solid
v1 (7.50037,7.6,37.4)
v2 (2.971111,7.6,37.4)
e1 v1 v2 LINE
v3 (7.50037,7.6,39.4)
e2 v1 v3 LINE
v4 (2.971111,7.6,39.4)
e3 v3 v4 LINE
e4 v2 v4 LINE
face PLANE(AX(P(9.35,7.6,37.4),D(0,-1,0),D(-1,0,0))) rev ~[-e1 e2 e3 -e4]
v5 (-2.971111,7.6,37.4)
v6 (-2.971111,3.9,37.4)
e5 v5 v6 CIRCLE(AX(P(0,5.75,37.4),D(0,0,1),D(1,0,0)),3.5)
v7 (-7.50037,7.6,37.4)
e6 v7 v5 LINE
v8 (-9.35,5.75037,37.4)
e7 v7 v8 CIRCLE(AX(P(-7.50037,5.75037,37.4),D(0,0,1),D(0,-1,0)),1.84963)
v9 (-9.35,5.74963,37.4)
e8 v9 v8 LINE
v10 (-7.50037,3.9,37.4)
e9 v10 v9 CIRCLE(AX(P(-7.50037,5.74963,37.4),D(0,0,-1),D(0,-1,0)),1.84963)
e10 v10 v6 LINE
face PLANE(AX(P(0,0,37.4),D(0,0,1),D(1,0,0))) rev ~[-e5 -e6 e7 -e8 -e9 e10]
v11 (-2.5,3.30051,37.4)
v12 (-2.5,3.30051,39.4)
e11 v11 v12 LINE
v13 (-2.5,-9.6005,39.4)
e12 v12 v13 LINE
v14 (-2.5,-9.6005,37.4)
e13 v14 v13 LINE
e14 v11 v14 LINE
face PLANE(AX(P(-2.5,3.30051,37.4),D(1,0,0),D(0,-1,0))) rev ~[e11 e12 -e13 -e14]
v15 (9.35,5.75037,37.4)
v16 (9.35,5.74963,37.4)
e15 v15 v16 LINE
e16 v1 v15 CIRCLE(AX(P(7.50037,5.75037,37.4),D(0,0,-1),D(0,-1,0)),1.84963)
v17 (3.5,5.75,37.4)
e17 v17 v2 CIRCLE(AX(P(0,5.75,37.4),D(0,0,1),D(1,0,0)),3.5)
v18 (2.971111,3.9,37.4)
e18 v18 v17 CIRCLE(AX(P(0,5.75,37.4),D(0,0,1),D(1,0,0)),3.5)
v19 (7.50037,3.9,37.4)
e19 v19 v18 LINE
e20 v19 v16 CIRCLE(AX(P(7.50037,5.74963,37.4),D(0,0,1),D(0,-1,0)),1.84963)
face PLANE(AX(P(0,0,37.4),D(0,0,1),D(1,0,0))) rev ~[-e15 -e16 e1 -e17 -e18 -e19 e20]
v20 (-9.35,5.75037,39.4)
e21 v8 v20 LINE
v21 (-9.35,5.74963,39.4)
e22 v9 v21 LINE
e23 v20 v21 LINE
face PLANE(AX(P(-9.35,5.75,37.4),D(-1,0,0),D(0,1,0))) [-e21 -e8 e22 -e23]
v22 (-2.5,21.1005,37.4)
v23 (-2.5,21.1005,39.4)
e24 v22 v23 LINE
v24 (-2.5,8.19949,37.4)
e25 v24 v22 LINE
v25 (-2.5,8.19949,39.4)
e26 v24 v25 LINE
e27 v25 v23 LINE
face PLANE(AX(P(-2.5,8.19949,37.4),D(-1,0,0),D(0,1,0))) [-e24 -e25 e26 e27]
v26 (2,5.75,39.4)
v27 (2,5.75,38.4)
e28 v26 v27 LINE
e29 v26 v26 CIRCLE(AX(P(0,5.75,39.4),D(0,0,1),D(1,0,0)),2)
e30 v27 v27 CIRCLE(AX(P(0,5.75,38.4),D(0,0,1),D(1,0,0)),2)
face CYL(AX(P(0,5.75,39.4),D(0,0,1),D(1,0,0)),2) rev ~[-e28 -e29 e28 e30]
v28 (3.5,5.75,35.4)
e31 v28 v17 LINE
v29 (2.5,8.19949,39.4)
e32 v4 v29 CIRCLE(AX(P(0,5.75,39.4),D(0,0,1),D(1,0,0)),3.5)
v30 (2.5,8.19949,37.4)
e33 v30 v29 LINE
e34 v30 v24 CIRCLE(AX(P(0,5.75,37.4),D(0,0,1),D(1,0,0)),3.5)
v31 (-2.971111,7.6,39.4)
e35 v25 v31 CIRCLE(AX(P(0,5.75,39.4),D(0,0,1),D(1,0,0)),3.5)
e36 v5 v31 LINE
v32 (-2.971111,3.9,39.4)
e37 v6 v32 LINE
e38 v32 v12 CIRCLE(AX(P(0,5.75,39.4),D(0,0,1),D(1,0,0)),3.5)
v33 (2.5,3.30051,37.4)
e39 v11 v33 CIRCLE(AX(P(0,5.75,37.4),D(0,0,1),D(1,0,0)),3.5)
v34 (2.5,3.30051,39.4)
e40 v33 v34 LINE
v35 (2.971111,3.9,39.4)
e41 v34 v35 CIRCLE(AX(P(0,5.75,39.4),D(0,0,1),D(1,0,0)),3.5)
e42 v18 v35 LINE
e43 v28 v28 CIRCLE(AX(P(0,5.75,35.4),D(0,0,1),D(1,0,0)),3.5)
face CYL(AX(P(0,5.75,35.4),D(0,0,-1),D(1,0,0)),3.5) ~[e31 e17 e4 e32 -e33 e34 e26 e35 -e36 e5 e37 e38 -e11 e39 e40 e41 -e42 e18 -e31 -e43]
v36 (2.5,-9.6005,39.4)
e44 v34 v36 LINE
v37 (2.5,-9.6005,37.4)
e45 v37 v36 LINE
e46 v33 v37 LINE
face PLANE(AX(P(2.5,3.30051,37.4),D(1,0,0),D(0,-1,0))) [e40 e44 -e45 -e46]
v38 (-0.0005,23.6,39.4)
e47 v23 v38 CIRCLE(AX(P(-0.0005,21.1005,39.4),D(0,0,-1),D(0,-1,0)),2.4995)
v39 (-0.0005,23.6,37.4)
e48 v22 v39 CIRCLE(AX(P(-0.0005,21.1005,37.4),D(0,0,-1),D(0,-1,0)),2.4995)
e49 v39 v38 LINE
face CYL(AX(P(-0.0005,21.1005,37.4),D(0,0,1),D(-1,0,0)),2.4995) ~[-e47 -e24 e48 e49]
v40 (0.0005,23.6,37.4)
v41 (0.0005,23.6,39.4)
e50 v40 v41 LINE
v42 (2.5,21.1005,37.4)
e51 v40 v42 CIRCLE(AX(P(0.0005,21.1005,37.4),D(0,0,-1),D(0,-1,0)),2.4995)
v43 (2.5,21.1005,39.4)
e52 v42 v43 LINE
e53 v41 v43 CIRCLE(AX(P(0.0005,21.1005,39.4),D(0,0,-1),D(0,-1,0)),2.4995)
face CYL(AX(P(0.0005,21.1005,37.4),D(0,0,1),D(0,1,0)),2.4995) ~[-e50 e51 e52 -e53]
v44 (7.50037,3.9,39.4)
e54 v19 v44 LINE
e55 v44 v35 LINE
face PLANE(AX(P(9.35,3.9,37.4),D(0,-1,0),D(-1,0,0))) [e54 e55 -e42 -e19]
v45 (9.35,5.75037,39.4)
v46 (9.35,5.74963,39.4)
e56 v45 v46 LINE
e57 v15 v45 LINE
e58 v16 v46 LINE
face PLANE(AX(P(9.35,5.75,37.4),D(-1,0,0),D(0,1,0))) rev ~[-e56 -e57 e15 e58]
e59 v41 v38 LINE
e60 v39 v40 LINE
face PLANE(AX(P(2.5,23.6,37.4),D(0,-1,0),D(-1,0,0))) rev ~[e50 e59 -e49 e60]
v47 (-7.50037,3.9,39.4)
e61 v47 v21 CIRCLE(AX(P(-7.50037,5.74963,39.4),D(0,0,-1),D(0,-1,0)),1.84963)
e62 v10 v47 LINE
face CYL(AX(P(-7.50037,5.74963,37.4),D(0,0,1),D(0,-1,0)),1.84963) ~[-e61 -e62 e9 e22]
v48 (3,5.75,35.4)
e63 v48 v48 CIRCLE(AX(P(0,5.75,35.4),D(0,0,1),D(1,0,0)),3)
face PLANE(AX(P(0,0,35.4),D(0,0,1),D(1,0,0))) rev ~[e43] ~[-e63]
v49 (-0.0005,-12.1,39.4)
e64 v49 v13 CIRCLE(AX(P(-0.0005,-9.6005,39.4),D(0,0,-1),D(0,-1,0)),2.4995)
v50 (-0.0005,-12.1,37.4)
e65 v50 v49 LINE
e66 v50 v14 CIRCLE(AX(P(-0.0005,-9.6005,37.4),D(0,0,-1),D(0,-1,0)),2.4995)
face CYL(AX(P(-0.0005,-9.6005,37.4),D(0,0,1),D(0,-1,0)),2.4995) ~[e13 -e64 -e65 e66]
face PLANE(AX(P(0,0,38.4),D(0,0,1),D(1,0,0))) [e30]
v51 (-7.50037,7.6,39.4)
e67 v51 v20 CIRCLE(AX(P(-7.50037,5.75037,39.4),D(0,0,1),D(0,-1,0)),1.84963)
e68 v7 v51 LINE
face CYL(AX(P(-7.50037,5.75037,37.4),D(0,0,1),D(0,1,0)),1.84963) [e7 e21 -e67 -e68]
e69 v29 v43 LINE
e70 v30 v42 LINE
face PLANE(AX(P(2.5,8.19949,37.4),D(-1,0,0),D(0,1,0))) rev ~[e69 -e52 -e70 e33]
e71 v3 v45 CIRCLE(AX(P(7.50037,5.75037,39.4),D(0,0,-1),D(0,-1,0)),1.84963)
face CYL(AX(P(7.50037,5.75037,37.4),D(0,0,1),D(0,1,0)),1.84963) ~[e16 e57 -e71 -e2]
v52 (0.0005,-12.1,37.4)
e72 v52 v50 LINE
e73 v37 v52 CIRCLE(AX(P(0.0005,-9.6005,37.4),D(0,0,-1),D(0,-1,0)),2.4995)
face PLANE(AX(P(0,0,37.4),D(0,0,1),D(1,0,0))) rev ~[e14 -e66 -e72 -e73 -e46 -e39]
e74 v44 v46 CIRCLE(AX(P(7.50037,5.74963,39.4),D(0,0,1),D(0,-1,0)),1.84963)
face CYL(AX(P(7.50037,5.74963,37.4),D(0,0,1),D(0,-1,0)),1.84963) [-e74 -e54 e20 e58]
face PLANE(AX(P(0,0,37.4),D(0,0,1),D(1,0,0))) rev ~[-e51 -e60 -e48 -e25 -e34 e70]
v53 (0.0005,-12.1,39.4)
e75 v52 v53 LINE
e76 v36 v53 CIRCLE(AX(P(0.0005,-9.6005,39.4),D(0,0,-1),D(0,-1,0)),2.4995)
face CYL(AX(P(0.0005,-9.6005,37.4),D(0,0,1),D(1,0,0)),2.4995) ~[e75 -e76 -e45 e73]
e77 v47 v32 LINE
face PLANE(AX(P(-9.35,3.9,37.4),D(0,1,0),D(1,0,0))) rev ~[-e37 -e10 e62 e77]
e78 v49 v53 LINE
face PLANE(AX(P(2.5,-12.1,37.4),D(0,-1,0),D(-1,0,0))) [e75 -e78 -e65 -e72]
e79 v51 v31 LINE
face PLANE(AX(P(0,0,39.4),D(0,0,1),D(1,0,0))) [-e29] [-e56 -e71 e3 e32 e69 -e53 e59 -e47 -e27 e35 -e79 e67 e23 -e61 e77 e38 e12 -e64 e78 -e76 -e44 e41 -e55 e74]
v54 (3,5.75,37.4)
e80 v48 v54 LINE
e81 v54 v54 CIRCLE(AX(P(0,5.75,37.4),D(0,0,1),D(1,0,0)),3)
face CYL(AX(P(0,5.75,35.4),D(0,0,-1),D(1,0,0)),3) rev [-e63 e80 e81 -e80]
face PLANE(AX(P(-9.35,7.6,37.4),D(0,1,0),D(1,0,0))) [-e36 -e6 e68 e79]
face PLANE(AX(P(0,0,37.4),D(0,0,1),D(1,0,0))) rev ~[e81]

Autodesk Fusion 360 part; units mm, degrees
sketch "Esquisse1" plane through (0, 0, 0) normal (0, 1, 0) x (1, 0, 0)
  circle A0 centre (0, 0) radius 35
  dimension "d1" = 70
sketch "Esquisse2" plane through (0, 0, 0) normal (0, 1, 0) x (1, 0, 0)
  circle A0 centre (0, 0) radius 32.5
  circle A1 centre (0, 0) radius 35
  dimension "d2" = 65
  dimension "d3" = 70
sketch "Esquisse3" plane through (0, 0, 35.4) normal (0, 0, 1) x (1, 0, 0)
  circle A0 centre (0, 5.75) radius 5.75
  circle A1 centre (0, 5.75) radius 5.75 construction
  circle A2 centre (0, 5.75) radius 3.5
  circle A3 centre (0, 5.75) radius 3
  dimension "d6" = 7
  dimension "d7" = 6
extrude "Extrusion2" add sketch "Esquisse3" along normal blind 2 contours A2 makes body 1
sketch "Esquisse4" plane through (0, 0, 37.4) normal (0, 0, 1) x (1, 0, 0)
  circle A0 centre (0, 5.75) radius 3
  circle A1 centre (0, 5.75) radius 3.5
  line L0 (0, 5.75) -> (0, 23.6) construction
  line L1 (0, 5.75) -> (0, -12.1) construction
  line L2 (0, 23.6) -> (6, 23.6) construction
  line L3 (0, 23.6) -> (-6, 23.6) construction
  line L4 (0, 5.75) -> (-2.5, 5.75)
  line L5 (-2.5, 5.75) -> (-2.5, 23.6)
  line L6 (-2.5, 23.6) -> (0, 23.6)
  line L7 (0, 23.6) -> (0, 5.75)
  line L8 (0, 5.75) -> (2.5, 5.75)
  line L9 (0, 23.6) -> (0, 5.75)
  line L10 (2.5, 5.75) -> (2.5, 23.6)
  line L11 (2.5, 23.6) -> (0, 23.6)
  line L12 (-2.5, 5.75) -> (-2.5, -12.1)
  line L13 (-2.5, -12.1) -> (0, -12.1)
  line L14 (2.5, -12.1) -> (0, -12.1)
  line L15 (2.5, 5.75) -> (2.5, -12.1)
  line L16 (0, 5.75) -> (2.5, 5.75)
  line L17 (0, 5.75) -> (-2.5, 5.75)
  line L18 (0, -12.1) -> (0, 5.75)
  line L19 (0, 5.75) -> (-9.35, 5.75) construction
  line L20 (0, 5.75) -> (9.35, 5.75) construction
  line L21 (-9.35, 5.75) -> (-9.35, 6) construction
  line L22 (-9.35, 6) -> (-9.35, 10) construction
  line L23 (-9.35, 5.75) -> (-9.35, 1.75) construction
  line L24 (9.35, 6) -> (9.35, 10) construction
  line L25 (9.35, 5.75) -> (9.35, 1.75) construction
  line L26 (0, 5.75) -> (-9.35, 5.75)
  line L27 (-9.35, 5.75) -> (-9.35, 3.9)
  line L28 (-9.35, 3.9) -> (0, 3.9)
  line L29 (0, 3.9) -> (0, 5.75)
  line L30 (-9.35, 7.6) -> (0, 7.6)
  line L31 (-9.35, 5.75) -> (-9.35, 7.6)
  line L32 (9.35, 7.6) -> (0, 7.6)
  line L33 (9.35, 5.75) -> (9.35, 7.6)
  line L34 (9.35, 5.75) -> (9.35, 3.9)
  line L35 (9.35, 3.9) -> (0, 3.9)
  line L36 (0, 5.75) -> (9.35, 5.75)
  dimension "d10" = 17.85
  dimension "d11" = 17.85
  dimension "d12" = 2.5
  dimension "d13" = 9.35
  dimension "d14" = 9.35
  dimension "d15" = 4
  dimension "d16" = 1.85
extrude "Extrusion3" add sketch "Esquisse4" along normal blind 2 bodies 1
fillet "Congé1" radius 2.5 4 edges at (-2.5, 23.6, 38.4) (2.5, 23.6, 38.4) (-2.5, -12.1, 38.4) (2.5, -12.1, 38.4) on bodies 1
fillet "Congé2" radius 1.85 4 edges at (-9.35, 7.6, 38.4) (-9.35, 3.9, 38.4) (9.35, 7.6, 38.4) (9.35, 3.9, 38.4) on bodies 1
sketch "Esquisse6" plane through (0, 0, 39.4) normal (0, 0, 1) x (1, 0, 0)
  arc A0 (7.5, 3.9) -> (7.5, 7.6) centre (7.5, 5.75) ccw
  line L0 (7.5, 7.6) -> (2.9711, 7.6)
  arc A1 (2.9711, 7.6) -> (2.5, 8.1995) centre (0, 5.75) ccw
  line L1 (2.5, 8.1995) -> (2.5, 21.1)
  arc A2 (2.5, 21.1) -> (-2.5, 21.1) centre (0, 21.1) ccw
  line L2 (-2.5, 21.1) -> (-2.5, 8.1995)
  arc A3 (-2.5, 8.1995) -> (-2.9711, 7.6) centre (0, 5.75) ccw
  line L3 (-2.9711, 7.6) -> (-7.5, 7.6)
  arc A4 (-7.5, 7.6) -> (-7.5, 3.9) centre (-7.5, 5.75) ccw
  line L4 (-7.5, 3.9) -> (-2.9711, 3.9)
  arc A5 (-2.9711, 3.9) -> (-2.5, 3.3005) centre (0, 5.75) ccw
  line L5 (-2.5, 3.3005) -> (-2.5, -9.6)
  arc A6 (-2.5, -9.6) -> (2.5, -9.6) centre (0, -9.6) ccw
  line L6 (2.5, -9.6) -> (2.5, 3.3005)
  arc A7 (2.5, 3.3005) -> (2.9711, 3.9) centre (0, 5.75) ccw
  line L7 (2.9711, 3.9) -> (7.5, 3.9)
  circle A8 centre (0, 5.75) radius 2
  dimension "d23" = 4
extrude "Extrusion4" cut sketch "Esquisse6" against normal blind 1 contours A8 bodies 1
copy_body "Corps->Comp1" bodies 1 removing the originals makes body 2 in component "servo_arm"
component "servo_arm" placed x (1, 0, 0) y (0, 1, 0) z (0, 0, 1) at (0, 0, 0)
equation "d10 = ( 35.7 / 2 ) * 1 mm"
equation "d11 = ( 35.7 / 2 ) * 1 mm"
equation "d13 = ( 18.7 / 2 ) * 1 mm"
equation "d14 = ( 18.7 / 2 ) * 1 mm"
equation "d16 = ( 3.7 / 2 ) * 1 mm"
